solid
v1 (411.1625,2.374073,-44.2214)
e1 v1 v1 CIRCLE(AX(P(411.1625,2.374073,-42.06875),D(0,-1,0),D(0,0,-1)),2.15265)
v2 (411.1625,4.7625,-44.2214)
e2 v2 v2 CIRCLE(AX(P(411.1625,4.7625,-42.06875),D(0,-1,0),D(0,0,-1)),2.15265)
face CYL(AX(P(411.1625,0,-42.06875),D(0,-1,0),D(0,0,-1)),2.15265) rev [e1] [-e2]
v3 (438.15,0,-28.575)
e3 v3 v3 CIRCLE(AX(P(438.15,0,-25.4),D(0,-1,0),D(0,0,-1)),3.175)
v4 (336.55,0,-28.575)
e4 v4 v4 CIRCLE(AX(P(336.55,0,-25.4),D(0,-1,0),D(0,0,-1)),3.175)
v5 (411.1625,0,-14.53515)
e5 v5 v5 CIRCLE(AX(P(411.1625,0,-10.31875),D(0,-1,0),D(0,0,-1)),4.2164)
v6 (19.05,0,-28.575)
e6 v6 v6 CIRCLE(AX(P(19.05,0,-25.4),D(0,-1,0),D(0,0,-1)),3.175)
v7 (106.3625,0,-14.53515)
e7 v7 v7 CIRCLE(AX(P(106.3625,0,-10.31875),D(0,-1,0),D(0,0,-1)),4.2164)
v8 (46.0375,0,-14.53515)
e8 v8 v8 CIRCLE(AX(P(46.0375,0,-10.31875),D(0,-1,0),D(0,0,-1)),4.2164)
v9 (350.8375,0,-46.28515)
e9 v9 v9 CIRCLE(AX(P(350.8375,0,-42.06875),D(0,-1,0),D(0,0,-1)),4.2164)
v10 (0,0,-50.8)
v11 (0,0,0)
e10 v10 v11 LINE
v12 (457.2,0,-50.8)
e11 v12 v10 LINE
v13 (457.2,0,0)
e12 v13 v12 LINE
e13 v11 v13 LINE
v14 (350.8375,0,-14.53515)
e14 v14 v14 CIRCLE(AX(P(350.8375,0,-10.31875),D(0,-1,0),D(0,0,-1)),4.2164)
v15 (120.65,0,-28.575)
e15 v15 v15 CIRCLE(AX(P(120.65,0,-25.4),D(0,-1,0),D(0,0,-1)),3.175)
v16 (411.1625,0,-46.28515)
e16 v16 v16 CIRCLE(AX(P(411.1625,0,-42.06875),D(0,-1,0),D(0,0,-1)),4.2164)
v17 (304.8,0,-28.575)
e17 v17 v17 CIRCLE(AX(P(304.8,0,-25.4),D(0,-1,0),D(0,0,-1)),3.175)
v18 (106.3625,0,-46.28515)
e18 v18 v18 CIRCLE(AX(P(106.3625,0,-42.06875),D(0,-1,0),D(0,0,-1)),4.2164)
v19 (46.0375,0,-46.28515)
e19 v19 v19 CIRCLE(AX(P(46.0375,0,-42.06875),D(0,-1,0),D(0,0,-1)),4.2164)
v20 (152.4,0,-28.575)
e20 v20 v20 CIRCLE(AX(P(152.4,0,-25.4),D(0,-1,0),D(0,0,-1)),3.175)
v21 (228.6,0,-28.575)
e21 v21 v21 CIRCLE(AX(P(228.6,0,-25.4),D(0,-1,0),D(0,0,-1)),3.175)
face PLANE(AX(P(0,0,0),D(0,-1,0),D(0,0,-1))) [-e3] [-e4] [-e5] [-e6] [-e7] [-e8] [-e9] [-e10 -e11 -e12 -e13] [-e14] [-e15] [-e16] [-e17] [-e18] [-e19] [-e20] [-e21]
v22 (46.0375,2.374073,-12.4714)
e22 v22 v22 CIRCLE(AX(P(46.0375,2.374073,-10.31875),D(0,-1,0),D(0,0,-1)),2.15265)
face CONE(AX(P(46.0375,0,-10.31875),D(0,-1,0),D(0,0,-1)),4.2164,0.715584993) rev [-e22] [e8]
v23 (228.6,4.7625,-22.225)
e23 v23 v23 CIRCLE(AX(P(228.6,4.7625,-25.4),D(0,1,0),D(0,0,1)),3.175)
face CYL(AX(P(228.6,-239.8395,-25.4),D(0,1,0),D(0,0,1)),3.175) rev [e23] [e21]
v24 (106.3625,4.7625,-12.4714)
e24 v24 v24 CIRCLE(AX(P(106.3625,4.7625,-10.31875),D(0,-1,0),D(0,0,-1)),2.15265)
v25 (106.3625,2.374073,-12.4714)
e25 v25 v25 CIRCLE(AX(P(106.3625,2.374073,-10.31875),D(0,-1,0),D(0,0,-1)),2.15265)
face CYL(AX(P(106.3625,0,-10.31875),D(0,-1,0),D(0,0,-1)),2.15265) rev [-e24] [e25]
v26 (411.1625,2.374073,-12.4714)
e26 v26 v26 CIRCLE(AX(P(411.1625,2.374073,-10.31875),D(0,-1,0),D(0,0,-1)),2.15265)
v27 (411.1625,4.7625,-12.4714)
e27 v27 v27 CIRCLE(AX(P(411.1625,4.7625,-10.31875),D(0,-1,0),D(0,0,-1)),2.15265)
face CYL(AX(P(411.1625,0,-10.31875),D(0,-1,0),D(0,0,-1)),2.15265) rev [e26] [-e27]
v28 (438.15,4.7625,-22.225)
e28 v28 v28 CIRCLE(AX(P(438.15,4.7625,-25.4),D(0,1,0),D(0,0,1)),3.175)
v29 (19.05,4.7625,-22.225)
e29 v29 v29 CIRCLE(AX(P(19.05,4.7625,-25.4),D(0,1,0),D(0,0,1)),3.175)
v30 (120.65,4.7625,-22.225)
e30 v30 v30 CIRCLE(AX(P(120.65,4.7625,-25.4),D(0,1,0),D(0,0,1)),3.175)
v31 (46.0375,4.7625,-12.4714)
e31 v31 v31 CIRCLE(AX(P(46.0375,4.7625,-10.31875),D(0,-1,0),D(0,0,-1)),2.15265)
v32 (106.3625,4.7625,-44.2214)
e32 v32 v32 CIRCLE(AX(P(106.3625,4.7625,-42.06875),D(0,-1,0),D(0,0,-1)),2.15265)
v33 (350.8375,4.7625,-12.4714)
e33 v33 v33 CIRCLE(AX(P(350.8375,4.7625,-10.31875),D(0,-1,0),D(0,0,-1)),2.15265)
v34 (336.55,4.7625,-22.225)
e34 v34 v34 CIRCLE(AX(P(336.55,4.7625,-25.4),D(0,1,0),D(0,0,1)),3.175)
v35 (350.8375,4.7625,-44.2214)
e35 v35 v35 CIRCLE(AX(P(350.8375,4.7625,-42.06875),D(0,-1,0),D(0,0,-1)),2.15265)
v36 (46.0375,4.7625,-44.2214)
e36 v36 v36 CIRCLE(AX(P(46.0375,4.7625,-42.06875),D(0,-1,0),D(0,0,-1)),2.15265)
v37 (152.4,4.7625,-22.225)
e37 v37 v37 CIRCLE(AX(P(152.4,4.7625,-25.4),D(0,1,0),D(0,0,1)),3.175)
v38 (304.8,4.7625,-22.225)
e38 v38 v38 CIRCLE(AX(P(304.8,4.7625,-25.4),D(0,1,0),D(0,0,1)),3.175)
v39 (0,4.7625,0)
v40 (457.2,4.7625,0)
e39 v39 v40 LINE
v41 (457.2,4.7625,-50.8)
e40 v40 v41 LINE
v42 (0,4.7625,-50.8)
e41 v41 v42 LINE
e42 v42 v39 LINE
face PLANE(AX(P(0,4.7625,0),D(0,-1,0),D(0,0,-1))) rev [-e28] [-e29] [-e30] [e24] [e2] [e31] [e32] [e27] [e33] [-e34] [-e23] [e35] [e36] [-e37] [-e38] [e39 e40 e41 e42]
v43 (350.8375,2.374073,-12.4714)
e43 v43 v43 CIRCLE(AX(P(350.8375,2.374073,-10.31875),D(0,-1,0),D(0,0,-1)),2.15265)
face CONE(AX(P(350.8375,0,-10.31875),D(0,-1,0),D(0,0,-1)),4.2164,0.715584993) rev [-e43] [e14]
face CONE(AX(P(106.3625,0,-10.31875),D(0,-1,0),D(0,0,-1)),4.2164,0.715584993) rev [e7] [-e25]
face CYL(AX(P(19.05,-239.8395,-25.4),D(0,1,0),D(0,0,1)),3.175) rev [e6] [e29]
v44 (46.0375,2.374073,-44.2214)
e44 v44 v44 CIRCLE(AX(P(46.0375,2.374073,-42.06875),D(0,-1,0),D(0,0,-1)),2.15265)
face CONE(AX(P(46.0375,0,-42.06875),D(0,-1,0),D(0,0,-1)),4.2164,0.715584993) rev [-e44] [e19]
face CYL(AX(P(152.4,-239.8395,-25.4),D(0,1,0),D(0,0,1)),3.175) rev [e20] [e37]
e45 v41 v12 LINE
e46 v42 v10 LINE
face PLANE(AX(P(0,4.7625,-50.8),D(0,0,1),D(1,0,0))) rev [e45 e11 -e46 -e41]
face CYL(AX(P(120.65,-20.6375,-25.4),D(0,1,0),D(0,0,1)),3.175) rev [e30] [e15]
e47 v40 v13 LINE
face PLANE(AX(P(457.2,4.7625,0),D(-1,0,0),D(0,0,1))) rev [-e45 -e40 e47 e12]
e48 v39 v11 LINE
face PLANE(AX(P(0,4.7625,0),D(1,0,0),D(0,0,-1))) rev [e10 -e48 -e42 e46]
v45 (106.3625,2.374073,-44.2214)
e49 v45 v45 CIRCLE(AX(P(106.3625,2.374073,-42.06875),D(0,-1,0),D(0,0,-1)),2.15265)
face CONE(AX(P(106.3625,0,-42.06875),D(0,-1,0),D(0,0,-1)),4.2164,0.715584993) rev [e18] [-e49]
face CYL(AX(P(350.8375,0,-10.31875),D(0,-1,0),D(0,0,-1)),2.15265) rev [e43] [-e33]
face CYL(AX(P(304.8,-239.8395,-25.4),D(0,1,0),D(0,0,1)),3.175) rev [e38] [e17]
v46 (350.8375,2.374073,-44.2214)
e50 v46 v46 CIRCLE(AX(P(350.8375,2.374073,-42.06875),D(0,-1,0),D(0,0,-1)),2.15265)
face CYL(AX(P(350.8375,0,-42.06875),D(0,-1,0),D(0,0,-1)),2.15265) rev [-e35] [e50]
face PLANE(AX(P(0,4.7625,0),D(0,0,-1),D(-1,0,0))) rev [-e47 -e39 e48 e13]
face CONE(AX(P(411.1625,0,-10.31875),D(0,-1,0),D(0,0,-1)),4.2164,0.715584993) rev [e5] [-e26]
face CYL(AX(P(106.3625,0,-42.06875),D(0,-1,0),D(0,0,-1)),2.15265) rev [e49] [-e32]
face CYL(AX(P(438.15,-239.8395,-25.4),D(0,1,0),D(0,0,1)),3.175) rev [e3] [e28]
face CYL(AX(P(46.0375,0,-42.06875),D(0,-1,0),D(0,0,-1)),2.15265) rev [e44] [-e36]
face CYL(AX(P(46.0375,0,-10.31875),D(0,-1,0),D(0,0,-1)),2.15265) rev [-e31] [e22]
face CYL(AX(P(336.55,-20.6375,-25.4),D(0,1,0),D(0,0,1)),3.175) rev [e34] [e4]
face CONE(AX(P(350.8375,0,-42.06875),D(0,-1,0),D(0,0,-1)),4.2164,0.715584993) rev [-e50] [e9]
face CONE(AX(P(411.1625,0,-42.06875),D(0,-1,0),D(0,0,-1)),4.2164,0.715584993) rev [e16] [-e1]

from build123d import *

# Parameters (mm, degrees)
SKETCH1_W                                     = 457.2
SKETCH1_H                                     = 50.8
BOSS_EXTRUDE1_DEPTH                           = 4.7625
SKETCH2_R                                     = 3.175
CUT_EXTRUDE1_DEPTH                            = 244.602
SKETCH3_R                                     = 3.175
CUT_EXTRUDE2_DEPTH                            = 244.602
SKETCH4_R                                     = 3.175
CUT_EXTRUDE3_DEPTH                            = 25.4
CSK_FOR_8_FLAT_HEAD_MACHINE_SCREW1_AT_2_COUNT = 2
CSK_FOR_8_FLAT_HEAD_MACHINE_SCREW1_AT_2_PITCH = 31.75
CSK_FOR_8_FLAT_HEAD_MACHINE_SCREW1_AT_3_COUNT = 2
CSK_FOR_8_FLAT_HEAD_MACHINE_SCREW1_AT_3_PITCH = 68.170141008
CSK_FOR_8_FLAT_HEAD_MACHINE_SCREW1_AT_4_COUNT = 2
CSK_FOR_8_FLAT_HEAD_MACHINE_SCREW1_AT_4_PITCH = 60.325
CSK_FOR_8_FLAT_HEAD_MACHINE_SCREW1_AT_5_COUNT = 2
CSK_FOR_8_FLAT_HEAD_MACHINE_SCREW1_AT_5_PITCH = 304.8
CSK_FOR_8_FLAT_HEAD_MACHINE_SCREW1_AT_6_COUNT = 2
CSK_FOR_8_FLAT_HEAD_MACHINE_SCREW1_AT_6_PITCH = 306.449184205
CSK_FOR_8_FLAT_HEAD_MACHINE_SCREW1_AT_7_COUNT = 2
CSK_FOR_8_FLAT_HEAD_MACHINE_SCREW1_AT_7_PITCH = 366.502835085
CSK_FOR_8_FLAT_HEAD_MACHINE_SCREW1_AT_8_COUNT = 2
CSK_FOR_8_FLAT_HEAD_MACHINE_SCREW1_AT_8_PITCH = 365.125


with BuildPart() as part:
    # Sketch1 → Boss-Extrude1 (new body)
    with BuildSketch(Plane(origin=(0, 0, 0), x_dir=(1, 0, 0), z_dir=(0, 1, 0))):
        with Locations((228.6, 25.4)):
            Rectangle(SKETCH1_W, SKETCH1_H)
    extrude(amount=BOSS_EXTRUDE1_DEPTH)

    # Sketch2 → Cut-Extrude1 (cut)
    with BuildSketch(Plane(origin=(0, 4.7625, 0), x_dir=(1, 0, 0), z_dir=(0, 1, 0))):
        with Locations(Location((19.05, 25.4, 0), (0, 0, 270))):
            Circle(SKETCH2_R)
        with Locations(Location((438.15, 25.4, 0), (0, 0, 270))):
            Circle(SKETCH2_R)
    extrude(amount=-CUT_EXTRUDE1_DEPTH, mode=Mode.SUBTRACT)

    # Sketch3 → Cut-Extrude2 (cut)
    with BuildSketch(Plane(origin=(0, 4.7625, 0), x_dir=(1, 0, 0), z_dir=(0, 1, 0))):
        with Locations(Location((152.4, 25.4, 0), (0, 0, 270))):
            Circle(SKETCH3_R)
        with Locations(Location((304.8, 25.4, 0), (0, 0, 270))):
            Circle(SKETCH3_R)
        with Locations(Location((228.6, 25.4, 0), (0, 0, 270))):
            Circle(SKETCH3_R)
    extrude(amount=-CUT_EXTRUDE2_DEPTH, mode=Mode.SUBTRACT)

    # Sketch4 → Cut-Extrude3 (cut)
    with BuildSketch(Plane(origin=(0, 4.7625, 0), x_dir=(1, 0, 0), z_dir=(0, 1, 0))):
        with Locations(Location((120.65, 25.4, 0), (0, 0, 270))):
            Circle(SKETCH4_R)
        with Locations(Location((336.55, 25.4, 0), (0, 0, 270))):
            Circle(SKETCH4_R)
    extrude(amount=-CUT_EXTRUDE3_DEPTH, mode=Mode.SUBTRACT)

    # Sketch5 → CSK for #8 Flat Head Machine Screw1 (revolve, cut)
    with BuildSketch(Plane(origin=(46.0375, 0, -42.06875), x_dir=(0, 0, -1), z_dir=(1, 0, 0))):
        Polygon((0, 0), (0, 4.7625), (2.15265, 4.7625), (2.15265, 2.3740728), (4.2164, 0), align=None)
    csk_for_8_flat_head_machine_screw1 = revolve(axis=Axis((46.0375, -6.35, -42.06875), (0, 1, 0)), mode=Mode.SUBTRACT)

    # CSK for #8 Flat Head Machine Screw1 at 2: CSK for #8 Flat Head Machine Screw1 ×2
    with Locations(*[(0, 0, i * CSK_FOR_8_FLAT_HEAD_MACHINE_SCREW1_AT_2_PITCH) for i in range(1, CSK_FOR_8_FLAT_HEAD_MACHINE_SCREW1_AT_2_COUNT)]):
        add(csk_for_8_flat_head_machine_screw1, mode=Mode.SUBTRACT)

    # CSK for #8 Flat Head Machine Screw1 at 3: CSK for #8 Flat Head Machine Screw1 ×2
    with Locations(*[Vector(0.8849182223819825, 0, 0.4657464328326221) * (i * CSK_FOR_8_FLAT_HEAD_MACHINE_SCREW1_AT_3_PITCH) for i in range(1, CSK_FOR_8_FLAT_HEAD_MACHINE_SCREW1_AT_3_COUNT)]):
        add(csk_for_8_flat_head_machine_screw1, mode=Mode.SUBTRACT)

    # CSK for #8 Flat Head Machine Screw1 at 4: CSK for #8 Flat Head Machine Screw1 ×2
    with Locations(*[(i * CSK_FOR_8_FLAT_HEAD_MACHINE_SCREW1_AT_4_PITCH, 0, 0) for i in range(1, CSK_FOR_8_FLAT_HEAD_MACHINE_SCREW1_AT_4_COUNT)]):
        add(csk_for_8_flat_head_machine_screw1, mode=Mode.SUBTRACT)

    # CSK for #8 Flat Head Machine Screw1 at 5: CSK for #8 Flat Head Machine Screw1 ×2
    with Locations(*[(i * CSK_FOR_8_FLAT_HEAD_MACHINE_SCREW1_AT_5_PITCH, 0, 0) for i in range(1, CSK_FOR_8_FLAT_HEAD_MACHINE_SCREW1_AT_5_COUNT)]):
        add(csk_for_8_flat_head_machine_screw1, mode=Mode.SUBTRACT)

    # CSK for #8 Flat Head Machine Screw1 at 6: CSK for #8 Flat Head Machine Screw1 ×2
    with Locations(*[Vector(0.9946184088907778, 0, 0.103606084259456) * (i * CSK_FOR_8_FLAT_HEAD_MACHINE_SCREW1_AT_6_PITCH) for i in range(1, CSK_FOR_8_FLAT_HEAD_MACHINE_SCREW1_AT_6_COUNT)]):
        add(csk_for_8_flat_head_machine_screw1, mode=Mode.SUBTRACT)

    # CSK for #8 Flat Head Machine Screw1 at 7: CSK for #8 Flat Head Machine Screw1 ×2
    with Locations(*[Vector(0.996240588195683, 0, 0.086629616364842) * (i * CSK_FOR_8_FLAT_HEAD_MACHINE_SCREW1_AT_7_PITCH) for i in range(1, CSK_FOR_8_FLAT_HEAD_MACHINE_SCREW1_AT_7_COUNT)]):
        add(csk_for_8_flat_head_machine_screw1, mode=Mode.SUBTRACT)

    # CSK for #8 Flat Head Machine Screw1 at 8: CSK for #8 Flat Head Machine Screw1 ×2
    with Locations(*[(i * CSK_FOR_8_FLAT_HEAD_MACHINE_SCREW1_AT_8_PITCH, 0, 0) for i in range(1, CSK_FOR_8_FLAT_HEAD_MACHINE_SCREW1_AT_8_COUNT)]):
        add(csk_for_8_flat_head_machine_screw1, mode=Mode.SUBTRACT)


solid = part.part
